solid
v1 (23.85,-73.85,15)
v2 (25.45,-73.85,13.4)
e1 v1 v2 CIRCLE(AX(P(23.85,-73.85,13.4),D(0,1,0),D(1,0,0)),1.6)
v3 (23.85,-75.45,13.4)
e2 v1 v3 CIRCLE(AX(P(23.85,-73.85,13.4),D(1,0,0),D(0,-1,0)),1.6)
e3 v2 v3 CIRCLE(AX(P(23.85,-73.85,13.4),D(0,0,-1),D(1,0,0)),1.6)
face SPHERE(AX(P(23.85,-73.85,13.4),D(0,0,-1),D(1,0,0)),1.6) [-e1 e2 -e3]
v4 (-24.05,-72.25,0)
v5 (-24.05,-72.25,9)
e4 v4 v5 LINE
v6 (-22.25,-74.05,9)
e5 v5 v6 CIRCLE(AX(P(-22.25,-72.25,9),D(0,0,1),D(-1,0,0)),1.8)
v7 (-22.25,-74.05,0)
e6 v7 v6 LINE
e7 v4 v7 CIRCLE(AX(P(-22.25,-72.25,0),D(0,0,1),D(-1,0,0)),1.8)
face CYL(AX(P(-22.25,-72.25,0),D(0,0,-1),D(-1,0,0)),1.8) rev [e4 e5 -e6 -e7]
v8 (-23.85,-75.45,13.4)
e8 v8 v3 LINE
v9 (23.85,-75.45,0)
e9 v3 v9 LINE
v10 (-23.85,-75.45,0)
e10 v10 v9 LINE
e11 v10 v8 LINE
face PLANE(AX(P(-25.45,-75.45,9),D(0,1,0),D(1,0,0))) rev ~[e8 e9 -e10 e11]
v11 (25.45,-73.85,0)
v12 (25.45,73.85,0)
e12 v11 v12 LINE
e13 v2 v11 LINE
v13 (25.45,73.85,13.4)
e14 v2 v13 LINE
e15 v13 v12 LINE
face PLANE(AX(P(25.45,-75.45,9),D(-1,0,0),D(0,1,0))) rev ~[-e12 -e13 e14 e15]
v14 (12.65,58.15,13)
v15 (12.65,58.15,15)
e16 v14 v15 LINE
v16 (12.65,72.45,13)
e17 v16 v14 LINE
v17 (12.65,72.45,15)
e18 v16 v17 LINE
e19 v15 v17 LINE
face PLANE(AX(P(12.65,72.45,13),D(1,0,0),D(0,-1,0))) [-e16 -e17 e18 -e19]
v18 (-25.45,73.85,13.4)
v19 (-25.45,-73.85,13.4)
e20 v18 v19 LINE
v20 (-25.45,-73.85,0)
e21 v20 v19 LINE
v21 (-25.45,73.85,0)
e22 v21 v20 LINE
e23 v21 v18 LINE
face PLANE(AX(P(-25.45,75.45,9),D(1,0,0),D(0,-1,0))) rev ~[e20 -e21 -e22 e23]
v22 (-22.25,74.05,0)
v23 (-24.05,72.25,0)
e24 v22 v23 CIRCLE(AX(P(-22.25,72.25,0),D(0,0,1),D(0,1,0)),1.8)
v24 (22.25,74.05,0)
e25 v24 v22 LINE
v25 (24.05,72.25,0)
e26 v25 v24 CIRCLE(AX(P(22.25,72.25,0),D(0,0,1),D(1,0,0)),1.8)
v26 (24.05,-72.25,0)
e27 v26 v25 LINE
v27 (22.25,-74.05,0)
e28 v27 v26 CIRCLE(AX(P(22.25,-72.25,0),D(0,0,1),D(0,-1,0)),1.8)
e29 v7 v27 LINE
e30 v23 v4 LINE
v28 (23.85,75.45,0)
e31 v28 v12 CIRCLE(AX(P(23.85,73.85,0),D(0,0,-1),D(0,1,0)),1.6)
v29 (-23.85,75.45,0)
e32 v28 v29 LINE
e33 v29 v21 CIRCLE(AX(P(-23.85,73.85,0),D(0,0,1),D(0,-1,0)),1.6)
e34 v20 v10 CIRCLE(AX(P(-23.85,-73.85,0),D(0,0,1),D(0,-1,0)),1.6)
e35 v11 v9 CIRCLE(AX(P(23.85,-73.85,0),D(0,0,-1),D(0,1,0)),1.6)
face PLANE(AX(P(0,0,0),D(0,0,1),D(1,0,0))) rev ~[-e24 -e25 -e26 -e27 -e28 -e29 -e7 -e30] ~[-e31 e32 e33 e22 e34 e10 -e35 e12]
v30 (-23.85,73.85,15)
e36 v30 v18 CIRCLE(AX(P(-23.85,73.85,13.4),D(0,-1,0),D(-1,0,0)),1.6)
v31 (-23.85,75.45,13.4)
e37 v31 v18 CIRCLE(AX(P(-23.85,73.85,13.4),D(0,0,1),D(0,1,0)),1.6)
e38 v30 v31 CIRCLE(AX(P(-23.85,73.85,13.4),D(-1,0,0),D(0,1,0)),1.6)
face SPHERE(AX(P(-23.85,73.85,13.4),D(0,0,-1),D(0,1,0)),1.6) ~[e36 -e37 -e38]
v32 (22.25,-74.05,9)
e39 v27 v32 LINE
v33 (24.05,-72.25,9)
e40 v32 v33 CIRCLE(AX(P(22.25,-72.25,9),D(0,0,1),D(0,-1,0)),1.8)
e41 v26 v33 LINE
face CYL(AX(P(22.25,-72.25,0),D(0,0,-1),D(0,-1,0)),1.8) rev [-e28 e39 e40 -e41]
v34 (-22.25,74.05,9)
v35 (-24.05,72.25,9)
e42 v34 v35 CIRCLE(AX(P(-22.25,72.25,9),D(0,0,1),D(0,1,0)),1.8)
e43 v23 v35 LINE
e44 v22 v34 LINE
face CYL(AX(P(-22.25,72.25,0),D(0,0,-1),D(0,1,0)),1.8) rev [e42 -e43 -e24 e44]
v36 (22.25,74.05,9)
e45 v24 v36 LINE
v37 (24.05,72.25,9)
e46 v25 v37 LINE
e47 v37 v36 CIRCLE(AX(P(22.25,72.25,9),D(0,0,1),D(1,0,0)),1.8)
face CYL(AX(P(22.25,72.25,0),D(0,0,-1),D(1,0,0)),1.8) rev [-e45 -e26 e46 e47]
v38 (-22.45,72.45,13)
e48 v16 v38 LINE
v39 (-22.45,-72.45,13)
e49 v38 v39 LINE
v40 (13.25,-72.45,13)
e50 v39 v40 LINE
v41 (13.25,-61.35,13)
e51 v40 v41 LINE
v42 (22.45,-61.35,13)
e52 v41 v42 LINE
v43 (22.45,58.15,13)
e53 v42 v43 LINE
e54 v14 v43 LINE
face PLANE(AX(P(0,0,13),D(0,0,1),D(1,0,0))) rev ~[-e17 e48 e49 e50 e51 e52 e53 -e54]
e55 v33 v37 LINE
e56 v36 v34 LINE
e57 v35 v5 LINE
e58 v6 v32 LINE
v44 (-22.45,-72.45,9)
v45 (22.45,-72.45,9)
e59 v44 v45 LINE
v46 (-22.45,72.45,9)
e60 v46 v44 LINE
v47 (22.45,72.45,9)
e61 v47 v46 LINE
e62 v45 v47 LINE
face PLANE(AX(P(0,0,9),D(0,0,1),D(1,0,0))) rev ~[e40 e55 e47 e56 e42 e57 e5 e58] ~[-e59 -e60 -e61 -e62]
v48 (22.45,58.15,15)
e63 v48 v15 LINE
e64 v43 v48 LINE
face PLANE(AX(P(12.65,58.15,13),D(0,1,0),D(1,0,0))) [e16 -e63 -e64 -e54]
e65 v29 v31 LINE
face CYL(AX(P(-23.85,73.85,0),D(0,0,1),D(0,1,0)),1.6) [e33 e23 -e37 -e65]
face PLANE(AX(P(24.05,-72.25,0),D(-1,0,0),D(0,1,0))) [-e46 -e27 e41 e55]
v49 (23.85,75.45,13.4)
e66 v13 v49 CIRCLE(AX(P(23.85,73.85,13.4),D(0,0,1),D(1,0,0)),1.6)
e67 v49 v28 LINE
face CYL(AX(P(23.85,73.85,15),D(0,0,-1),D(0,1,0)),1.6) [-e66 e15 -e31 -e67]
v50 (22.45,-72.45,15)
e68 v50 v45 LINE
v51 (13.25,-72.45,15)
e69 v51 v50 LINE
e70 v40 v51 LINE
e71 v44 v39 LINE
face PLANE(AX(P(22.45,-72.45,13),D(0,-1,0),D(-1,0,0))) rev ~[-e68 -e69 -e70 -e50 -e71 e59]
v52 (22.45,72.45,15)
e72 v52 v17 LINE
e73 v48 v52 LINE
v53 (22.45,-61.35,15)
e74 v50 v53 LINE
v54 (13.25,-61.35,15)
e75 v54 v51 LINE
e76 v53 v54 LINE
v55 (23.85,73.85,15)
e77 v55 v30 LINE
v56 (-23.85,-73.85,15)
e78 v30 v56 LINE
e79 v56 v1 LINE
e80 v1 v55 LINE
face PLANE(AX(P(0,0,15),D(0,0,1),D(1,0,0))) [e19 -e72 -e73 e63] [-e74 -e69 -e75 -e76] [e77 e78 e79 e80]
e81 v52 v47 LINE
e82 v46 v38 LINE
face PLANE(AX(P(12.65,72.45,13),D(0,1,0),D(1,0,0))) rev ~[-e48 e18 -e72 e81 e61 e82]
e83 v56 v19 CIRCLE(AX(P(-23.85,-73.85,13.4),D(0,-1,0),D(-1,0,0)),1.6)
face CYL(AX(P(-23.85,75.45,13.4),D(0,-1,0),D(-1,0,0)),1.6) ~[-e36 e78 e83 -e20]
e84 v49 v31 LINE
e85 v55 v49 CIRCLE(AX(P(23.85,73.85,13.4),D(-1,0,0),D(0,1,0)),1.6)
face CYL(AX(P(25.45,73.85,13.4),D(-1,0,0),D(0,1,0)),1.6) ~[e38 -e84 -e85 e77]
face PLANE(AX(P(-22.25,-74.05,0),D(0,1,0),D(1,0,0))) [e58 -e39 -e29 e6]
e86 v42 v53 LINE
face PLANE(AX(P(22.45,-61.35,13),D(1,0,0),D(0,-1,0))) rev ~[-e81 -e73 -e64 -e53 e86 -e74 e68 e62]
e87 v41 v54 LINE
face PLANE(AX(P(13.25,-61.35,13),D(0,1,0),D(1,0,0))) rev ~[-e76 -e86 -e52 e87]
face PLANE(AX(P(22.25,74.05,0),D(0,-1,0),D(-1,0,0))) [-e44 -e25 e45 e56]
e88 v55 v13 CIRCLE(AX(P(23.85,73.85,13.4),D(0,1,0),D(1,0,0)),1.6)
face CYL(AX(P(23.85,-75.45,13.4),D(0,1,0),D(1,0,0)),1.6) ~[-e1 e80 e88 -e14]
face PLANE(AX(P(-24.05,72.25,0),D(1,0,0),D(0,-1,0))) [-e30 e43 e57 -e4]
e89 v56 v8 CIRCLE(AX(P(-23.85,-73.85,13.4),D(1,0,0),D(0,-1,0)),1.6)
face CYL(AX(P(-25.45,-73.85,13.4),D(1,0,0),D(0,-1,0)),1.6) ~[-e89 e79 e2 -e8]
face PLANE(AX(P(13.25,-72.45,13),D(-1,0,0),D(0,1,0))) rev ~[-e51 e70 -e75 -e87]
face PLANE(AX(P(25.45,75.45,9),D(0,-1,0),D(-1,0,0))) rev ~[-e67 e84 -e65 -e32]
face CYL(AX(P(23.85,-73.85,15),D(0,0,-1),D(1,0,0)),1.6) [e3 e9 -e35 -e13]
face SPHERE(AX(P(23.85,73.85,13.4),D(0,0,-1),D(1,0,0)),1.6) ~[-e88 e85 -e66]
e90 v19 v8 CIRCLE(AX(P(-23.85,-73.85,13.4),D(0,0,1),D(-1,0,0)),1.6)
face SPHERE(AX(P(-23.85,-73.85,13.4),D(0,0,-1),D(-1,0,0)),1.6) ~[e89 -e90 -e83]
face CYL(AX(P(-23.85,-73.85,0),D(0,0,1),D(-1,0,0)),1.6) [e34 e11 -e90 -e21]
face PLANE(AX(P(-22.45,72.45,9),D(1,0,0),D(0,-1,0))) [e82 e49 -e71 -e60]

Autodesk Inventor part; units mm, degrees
ref_plane "YZ Plane" through (0, 0, 0) normal (1, 0, 0) x (0, 1, 0)
ref_plane "XZ Plane" through (0, 0, 0) normal (0, 1, 0) x (-1, 0, 0)
ref_plane "XY Plane" through (0, 0, 0) normal (0, 0, 1) x (1, 0, 0)
sketch "Boceto1" plane through (0, 0, 0) normal (0, 0, 1) x (1, 0, 0)
  line L0 (-22.25, 73.85) -> (22.25, 73.85) projected
  line L1 (23.85, 72.25) -> (23.85, -72.25) projected
  line L2 (22.25, -73.85) -> (-22.25, -73.85) projected
  line L3 (-23.85, -72.25) -> (-23.85, 72.25) projected
  line L4 (23.65, -75.25) -> (-23.65, -75.25) projected
  line L5 (25.25, 73.65) -> (25.25, -73.65) projected
  line L6 (-23.65, 75.25) -> (23.65, 75.25) projected
  line L7 (-25.25, -73.65) -> (-25.25, 73.65) projected
  line L8 (-22.25, 72.25) -> (22.25, 72.25) projected
  line L9 (-22.25, -72.25) -> (-22.25, 72.25) projected
  line L10 (22.25, 72.25) -> (22.25, -72.25) projected
  line L11 (22.25, -72.25) -> (-22.25, -72.25) projected
  line L12 (25.45, 75.45) -> (-25.45, 75.45)
  line L13 (-25.45, 75.45) -> (-25.45, -75.45)
  line L14 (-25.45, -75.45) -> (25.45, -75.45)
  line L15 (25.45, -75.45) -> (25.45, 75.45)
  arc A0 (23.85, 72.25) -> (22.25, 73.85) centre (22.25, 72.25) ccw projected
  arc A1 (22.25, -73.85) -> (23.85, -72.25) centre (22.25, -72.25) ccw projected
  arc A2 (-23.85, -72.25) -> (-22.25, -73.85) centre (-22.25, -72.25) ccw projected
  arc A3 (-22.25, 73.85) -> (-23.85, 72.25) centre (-22.25, 72.25) ccw projected
  arc A4 (23.65, -75.25) -> (25.25, -73.65) centre (23.65, -73.65) ccw projected
  arc A5 (25.25, 73.65) -> (23.65, 75.25) centre (23.65, 73.65) ccw projected
  arc A6 (-23.65, 75.25) -> (-25.25, 73.65) centre (-23.65, 73.65) ccw projected
  arc A7 (-25.25, -73.65) -> (-23.65, -75.25) centre (-23.65, -73.65) ccw projected
  line L16 (-22.25, -74.05) -> (22.25, -74.05)
  arc A8 (22.25, -74.05) -> (24.05, -72.25) centre (22.25, -72.25) ccw
  line L17 (24.05, -72.25) -> (24.05, 72.25)
  arc A9 (24.05, 72.25) -> (22.25, 74.05) centre (22.25, 72.25) ccw
  line L18 (22.25, 74.05) -> (-22.25, 74.05)
  arc A10 (-22.25, 74.05) -> (-24.05, 72.25) centre (-22.25, 72.25) ccw
  line L19 (-24.05, 72.25) -> (-24.05, -72.25)
  arc A11 (-24.05, -72.25) -> (-22.25, -74.05) centre (-22.25, -72.25) ccw
  point P0 (0, 0)
  dimension "d0" = 1.6
  dimension "d10" = 0.2
extrude "Extrusión1" add sketch "Boceto1" along normal blind 9 contours L4 A7 L7 A6 L6 A5 L5 A4 | L15 L14 L13 L12
sketch "Boceto2" plane through (0, 0, 9) normal (0, 0, 1) x (1, 0, 0)
  line L0 (-25.45, 75.45) -> (-25.45, -75.45) construction
  line L1 (-25.45, -75.45) -> (25.45, -75.45) construction
  line L2 (25.45, -75.45) -> (25.45, 75.45) construction
  line L3 (25.45, 75.45) -> (-25.45, 75.45) construction
  line L4 (-22.45, 72.45) -> (-22.45, -72.45)
  line L5 (-22.45, -72.45) -> (22.45, -72.45)
  line L6 (22.45, -72.45) -> (22.45, 72.45)
  line L7 (22.45, 72.45) -> (-22.45, 72.45)
  line L8 (-25.45, 75.45) -> (-25.45, -75.45)
  line L9 (-25.45, -75.45) -> (25.45, -75.45)
  line L10 (25.45, -75.45) -> (25.45, 75.45)
  line L11 (25.45, 75.45) -> (-25.45, 75.45)
  point P0 (0, 0)
  dimension "d3" = 3
  dimension "d4" = 3
extrude "Extrusión2" add sketch "Boceto2" along normal blind 4
sketch "Boceto3" plane through (0, 0, 13) normal (0, 0, 1) x (1, 0, 0)
  line L0 (-25.45, -75.45) -> (25.45, -75.45) projected
  line L1 (25.45, -75.45) -> (25.45, 75.45) projected
  line L2 (25.45, 75.45) -> (-25.45, 75.45) projected
  line L3 (-25.45, 75.45) -> (-25.45, -75.45) projected
  line L4 (-22.45, 72.45) -> (22.45, 72.45) projected
  line L5 (22.45, 72.45) -> (22.45, -72.45) projected
  line L6 (22.45, -72.45) -> (-22.45, -72.45) projected
  line L7 (-22.45, -72.45) -> (-22.45, 72.45) projected
  point P0 (0, 0)
extrude "Extrusión3" add sketch "Boceto3" along normal blind 2 contours L3 L2 L1 L0 | L4 L5 L6 L7
fillet "Empalme1" radius 1.6 11 edges at (25.45, -75.45, 12) (25.45, -75.45, 4.5) (-25.45, -75.45, 12) (-25.45, -75.45, 4.5) (-25.45, 75.45, 7.5) (25.45, 75.45, 12) (25.45, 75.45, 4.5) (25.45, 0, 15) (0, 75.45, 15) (-25.45, 0, 15) (0, -75.45, 15)
sketch "Boceto4" plane through (0, 0, 13) normal (0, 0, -1) x (-1, 0, 0)
  line L0 (22.45, -72.45) -> (22.45, 72.45) projected
  line L1 (22.45, 72.45) -> (-22.45, 72.45) projected
  line L2 (-22.45, 72.45) -> (-22.45, -72.45) projected
  line L3 (-22.45, -72.45) -> (22.45, -72.45) projected
  line L4 (-22.45, -72.45) -> (22.45, -72.45) projected
  line L5 (-22.45, -72.45) -> (-13.25, -72.45)
  line L6 (-13.25, -72.45) -> (-13.25, -61.35)
  line L7 (-13.25, -61.35) -> (-22.45, -61.35)
  line L8 (-22.45, -61.35) -> (-22.45, -72.45)
  point P0 (0, 0)
  dimension "d11" = 9.2
  dimension "d12" = 11.1
extrude "Extrusión4" cut sketch "Boceto4" against normal blind 9 contours L3 L2 L7 L6
sketch "Boceto5" plane through (0, 0, 13) normal (0, 0, -1) x (-1, 0, 0)
  line L0 (-22.45, -61.35) -> (-13.25, -61.35) projected
  line L1 (-13.25, -61.35) -> (-13.25, -72.45) projected
  line L2 (-13.25, -72.45) -> (22.45, -72.45) projected
  line L3 (22.45, -72.45) -> (22.45, 72.45) projected
  line L4 (22.45, 72.45) -> (-22.45, 72.45) projected
  line L5 (-22.45, 72.45) -> (-22.45, -61.35) projected
  line L6 (-22.45, 72.45) -> (-12.65, 72.45)
  line L7 (-12.65, 72.45) -> (-12.65, 58.15)
  line L8 (-12.65, 58.15) -> (-22.45, 58.15)
  line L9 (-22.45, 58.15) -> (-22.45, 72.45)
  point P0 (0, 0)
  dimension "d15" = 9.8
  dimension "d16" = 14.3
extrude "Extrusión5" cut sketch "Boceto5" against normal blind 9 contours L5 L4 L7 L8
properties part number "Tapa bateria"
